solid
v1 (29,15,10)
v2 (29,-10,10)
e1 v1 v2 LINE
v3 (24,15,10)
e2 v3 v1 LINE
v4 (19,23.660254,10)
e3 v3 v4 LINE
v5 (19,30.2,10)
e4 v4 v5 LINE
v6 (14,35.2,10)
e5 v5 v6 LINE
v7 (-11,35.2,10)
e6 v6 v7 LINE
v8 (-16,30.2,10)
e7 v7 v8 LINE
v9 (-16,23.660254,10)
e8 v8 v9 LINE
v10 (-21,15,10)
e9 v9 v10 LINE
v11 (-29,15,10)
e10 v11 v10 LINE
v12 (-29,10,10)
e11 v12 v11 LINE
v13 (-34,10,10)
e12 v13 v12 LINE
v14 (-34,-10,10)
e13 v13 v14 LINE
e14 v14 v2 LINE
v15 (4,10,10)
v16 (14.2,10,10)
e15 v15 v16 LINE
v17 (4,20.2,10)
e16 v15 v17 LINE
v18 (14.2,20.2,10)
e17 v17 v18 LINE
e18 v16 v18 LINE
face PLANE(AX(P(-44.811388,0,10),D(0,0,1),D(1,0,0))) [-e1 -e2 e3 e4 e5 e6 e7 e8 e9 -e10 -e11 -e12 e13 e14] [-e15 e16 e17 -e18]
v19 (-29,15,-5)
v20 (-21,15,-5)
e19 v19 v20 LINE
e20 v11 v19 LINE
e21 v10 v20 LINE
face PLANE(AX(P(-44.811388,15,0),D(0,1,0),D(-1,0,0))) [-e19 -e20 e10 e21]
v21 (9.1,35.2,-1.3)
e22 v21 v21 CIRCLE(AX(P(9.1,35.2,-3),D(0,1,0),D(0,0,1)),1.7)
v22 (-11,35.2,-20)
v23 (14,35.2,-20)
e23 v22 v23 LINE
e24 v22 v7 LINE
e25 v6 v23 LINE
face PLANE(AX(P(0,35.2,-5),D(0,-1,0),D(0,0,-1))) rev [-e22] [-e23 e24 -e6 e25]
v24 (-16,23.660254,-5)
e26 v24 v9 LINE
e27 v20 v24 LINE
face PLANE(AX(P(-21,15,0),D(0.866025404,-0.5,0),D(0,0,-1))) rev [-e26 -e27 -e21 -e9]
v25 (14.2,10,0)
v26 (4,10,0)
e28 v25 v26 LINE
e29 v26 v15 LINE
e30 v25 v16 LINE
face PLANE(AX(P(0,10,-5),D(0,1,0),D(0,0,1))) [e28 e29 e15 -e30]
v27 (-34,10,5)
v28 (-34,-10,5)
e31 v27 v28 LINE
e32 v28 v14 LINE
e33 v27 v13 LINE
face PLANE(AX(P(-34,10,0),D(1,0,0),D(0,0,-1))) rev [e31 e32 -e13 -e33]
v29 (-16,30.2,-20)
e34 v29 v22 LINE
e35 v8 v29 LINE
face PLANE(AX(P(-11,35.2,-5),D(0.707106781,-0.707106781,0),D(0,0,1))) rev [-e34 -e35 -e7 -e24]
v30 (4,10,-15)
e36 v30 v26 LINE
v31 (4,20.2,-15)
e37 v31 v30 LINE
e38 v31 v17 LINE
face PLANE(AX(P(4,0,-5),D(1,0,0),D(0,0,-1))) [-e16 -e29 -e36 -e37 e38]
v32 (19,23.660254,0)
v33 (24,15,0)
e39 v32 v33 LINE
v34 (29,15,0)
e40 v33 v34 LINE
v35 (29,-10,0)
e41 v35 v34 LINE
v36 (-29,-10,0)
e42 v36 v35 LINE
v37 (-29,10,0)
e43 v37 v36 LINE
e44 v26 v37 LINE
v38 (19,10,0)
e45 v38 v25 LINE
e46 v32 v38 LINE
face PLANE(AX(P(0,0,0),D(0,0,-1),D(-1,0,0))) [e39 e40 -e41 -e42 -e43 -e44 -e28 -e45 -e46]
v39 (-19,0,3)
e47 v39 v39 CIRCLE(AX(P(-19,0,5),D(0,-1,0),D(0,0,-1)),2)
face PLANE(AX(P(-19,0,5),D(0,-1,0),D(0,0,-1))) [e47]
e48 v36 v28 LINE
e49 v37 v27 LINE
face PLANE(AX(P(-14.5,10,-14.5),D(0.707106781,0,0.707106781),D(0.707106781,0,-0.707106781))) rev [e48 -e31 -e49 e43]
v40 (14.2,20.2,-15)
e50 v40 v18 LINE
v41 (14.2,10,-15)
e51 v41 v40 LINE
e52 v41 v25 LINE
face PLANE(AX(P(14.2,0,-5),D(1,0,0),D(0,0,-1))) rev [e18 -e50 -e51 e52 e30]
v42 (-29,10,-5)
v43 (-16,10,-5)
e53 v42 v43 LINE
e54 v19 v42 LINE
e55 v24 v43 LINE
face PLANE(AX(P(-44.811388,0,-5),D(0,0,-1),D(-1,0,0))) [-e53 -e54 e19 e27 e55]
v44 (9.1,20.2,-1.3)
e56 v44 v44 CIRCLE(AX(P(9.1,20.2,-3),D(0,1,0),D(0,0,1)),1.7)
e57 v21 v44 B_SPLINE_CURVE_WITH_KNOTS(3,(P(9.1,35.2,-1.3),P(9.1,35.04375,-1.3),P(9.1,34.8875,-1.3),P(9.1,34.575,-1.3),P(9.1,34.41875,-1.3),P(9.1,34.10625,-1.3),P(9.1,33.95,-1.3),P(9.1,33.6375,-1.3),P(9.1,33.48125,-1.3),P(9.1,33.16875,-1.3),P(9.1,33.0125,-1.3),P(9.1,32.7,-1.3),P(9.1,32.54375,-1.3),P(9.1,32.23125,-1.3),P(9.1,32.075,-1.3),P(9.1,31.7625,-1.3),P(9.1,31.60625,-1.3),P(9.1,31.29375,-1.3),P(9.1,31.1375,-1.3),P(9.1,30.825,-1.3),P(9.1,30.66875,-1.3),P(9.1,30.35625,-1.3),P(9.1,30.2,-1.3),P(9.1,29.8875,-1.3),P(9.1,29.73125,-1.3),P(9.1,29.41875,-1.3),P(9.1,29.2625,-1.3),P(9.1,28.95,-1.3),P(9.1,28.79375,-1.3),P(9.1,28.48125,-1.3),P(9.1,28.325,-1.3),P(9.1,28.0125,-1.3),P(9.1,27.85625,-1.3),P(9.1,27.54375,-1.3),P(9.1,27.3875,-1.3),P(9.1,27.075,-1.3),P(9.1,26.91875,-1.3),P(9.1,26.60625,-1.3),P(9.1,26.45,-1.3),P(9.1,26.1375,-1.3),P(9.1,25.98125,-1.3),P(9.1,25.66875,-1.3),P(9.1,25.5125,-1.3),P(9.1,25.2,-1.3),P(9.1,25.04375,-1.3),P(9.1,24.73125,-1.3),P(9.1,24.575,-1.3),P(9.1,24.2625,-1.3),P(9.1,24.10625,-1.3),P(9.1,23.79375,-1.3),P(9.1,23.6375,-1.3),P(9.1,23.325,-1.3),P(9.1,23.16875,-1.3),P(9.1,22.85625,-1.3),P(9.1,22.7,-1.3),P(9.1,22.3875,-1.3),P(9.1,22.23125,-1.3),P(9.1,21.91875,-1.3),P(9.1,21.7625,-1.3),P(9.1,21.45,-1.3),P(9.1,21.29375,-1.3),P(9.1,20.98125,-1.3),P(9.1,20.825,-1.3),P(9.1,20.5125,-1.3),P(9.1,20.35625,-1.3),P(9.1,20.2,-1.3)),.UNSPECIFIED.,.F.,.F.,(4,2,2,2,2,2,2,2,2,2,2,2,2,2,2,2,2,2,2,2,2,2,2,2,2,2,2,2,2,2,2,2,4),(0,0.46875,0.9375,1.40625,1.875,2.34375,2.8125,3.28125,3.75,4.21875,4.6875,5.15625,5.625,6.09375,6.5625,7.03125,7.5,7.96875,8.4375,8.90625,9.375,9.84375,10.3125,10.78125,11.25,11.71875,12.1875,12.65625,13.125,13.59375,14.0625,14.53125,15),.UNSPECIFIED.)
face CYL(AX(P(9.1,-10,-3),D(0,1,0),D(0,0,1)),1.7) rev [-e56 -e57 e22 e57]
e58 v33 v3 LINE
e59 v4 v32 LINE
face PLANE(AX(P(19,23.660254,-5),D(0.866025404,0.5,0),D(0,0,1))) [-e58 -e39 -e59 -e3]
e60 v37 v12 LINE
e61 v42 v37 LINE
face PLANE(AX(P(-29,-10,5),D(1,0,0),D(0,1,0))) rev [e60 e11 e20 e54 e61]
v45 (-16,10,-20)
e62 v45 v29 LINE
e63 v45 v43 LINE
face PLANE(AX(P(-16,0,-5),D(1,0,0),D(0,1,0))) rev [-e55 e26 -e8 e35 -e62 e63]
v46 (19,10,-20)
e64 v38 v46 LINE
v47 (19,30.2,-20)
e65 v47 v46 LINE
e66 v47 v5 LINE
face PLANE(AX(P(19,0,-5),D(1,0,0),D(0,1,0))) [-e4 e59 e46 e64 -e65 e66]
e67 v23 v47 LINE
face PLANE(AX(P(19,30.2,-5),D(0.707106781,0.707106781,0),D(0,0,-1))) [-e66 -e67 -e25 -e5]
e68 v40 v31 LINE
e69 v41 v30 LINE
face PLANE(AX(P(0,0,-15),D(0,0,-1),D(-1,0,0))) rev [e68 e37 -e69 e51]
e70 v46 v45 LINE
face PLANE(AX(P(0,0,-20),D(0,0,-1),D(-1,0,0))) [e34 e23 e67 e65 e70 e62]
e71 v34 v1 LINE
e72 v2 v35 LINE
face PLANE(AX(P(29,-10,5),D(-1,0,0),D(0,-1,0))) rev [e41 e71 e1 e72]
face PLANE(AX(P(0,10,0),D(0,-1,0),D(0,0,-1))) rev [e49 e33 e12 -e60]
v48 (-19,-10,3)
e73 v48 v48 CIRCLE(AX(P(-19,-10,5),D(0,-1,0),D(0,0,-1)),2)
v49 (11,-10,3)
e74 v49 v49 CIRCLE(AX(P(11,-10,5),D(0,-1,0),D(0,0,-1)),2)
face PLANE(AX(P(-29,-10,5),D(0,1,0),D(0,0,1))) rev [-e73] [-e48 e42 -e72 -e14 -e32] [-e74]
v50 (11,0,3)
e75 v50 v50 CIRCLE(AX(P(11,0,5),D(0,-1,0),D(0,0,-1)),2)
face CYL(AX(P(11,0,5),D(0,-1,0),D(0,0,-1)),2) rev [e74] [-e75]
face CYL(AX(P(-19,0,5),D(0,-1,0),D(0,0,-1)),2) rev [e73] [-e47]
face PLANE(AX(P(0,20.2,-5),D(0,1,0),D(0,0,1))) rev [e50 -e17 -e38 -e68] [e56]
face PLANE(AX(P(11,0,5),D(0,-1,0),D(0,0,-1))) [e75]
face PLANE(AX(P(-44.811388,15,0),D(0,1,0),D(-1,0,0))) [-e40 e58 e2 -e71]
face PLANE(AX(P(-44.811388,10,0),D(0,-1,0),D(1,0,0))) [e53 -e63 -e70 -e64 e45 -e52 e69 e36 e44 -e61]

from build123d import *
from OCP.BRepFilletAPI import BRepFilletAPI_MakeChamfer

# Parameters (mm, degrees)
SZKIC1_W                        = 58
SZKIC1_H                        = 20
DODANIE_WYCI_GNI_CIE1_DEPTH     = 5
SZKIC2_W                        = 15
SZKIC2_H                        = 5
DODANIE_WYCI_GNI_CIE2_DEPTH     = 58
DODANIE_WYCI_GNI_CIE3_DEPTH     = 20
DODANIE_WYCI_GNI_CIE4_DEPTH     = 10
WYTNIJ_WYCI_GNI_CIE2_DEPTH      = 50.950375374
WYTNIJ_WYCI_GNI_CIE2_DEPTH_BACK = 50.950375374
SZKIC6_W                        = 58
SZKIC6_H                        = 5
DODANIE_WYCI_GNI_CIE5_DEPTH     = 20
SZKIC7_R                        = 2
WYTNIJ_WYCI_GNI_CIE3_DEPTH      = 10
DODANIE_WYCI_GNI_CIE8_DEPTH     = 10
SZKIC11_W                       = 10.2
SZKIC11_H                       = 10.2
DODANIE_WYCI_GNI_CIE9_DEPTH     = 5
SFAZOWANIE2_SIZE                = 5
SZKIC12_W                       = 10
SZKIC12_H                       = 20
WYTNIJ_WYCI_GNI_CIE4_DEPTH      = 10
SZKIC13_R                       = 1.7
WYTNIJ_WYCI_GNI_CIE5_DEPTH      = 60.991999467
DODANIE_WYCI_GNI_CIE11_DEPTH    = 5
SFAZOWANIE6_SIZE                = 5
SFAZOWANIE6_SIZE2               = 8.660254038


with BuildPart() as part:
    # Szkic1 → Dodanie-wyciągnięcie1 (new body)
    with BuildSketch(Plane.XY):
        Rectangle(SZKIC1_W, SZKIC1_H)
    extrude(amount=DODANIE_WYCI_GNI_CIE1_DEPTH)

    # Szkic2 → Dodanie-wyciągnięcie2 (add)
    with BuildSketch(Plane(origin=(29, 0, 0), x_dir=(0, 0, -1), z_dir=(1, 0, 0))):
        with Locations((-2.5, 12.5)):
            Rectangle(SZKIC2_W, SZKIC2_H)
    extrude(amount=-DODANIE_WYCI_GNI_CIE2_DEPTH)

    # Szkic3 → Dodanie-wyciągnięcie3 (add)
    with BuildSketch(Plane.XZ.offset(10)):
        Polygon((-34, 5), (-29, 0), (-29, 5), (-24, 5), (-29, 10), (-34, 10), align=None)
    extrude(amount=-DODANIE_WYCI_GNI_CIE3_DEPTH)

    # Szkic5 → Dodanie-wyciągnięcie4 (add)
    with BuildSketch(Plane.XY.offset(5)):
        Polygon((14.2, 20.2), (14.2, 10), (19, 10), (19, 35.2), (-16, 35.2), (-16, 10), (4, 10), (4, 20.2), align=None)
    extrude(amount=-DODANIE_WYCI_GNI_CIE4_DEPTH)

    # Szkic5<3> → Wytnij-wyciągnięcie2 (cut, two sides: drawn at the far end of the back side and taken through both)
    with BuildSketch(Plane.XY.offset(5).offset(-WYTNIJ_WYCI_GNI_CIE2_DEPTH_BACK)):
        Polygon((4, 10), (14.2, 10), (14.2, 15), (14.2, 20.2), (4, 20.2), (4, 15), align=None)
    extrude(amount=WYTNIJ_WYCI_GNI_CIE2_DEPTH + WYTNIJ_WYCI_GNI_CIE2_DEPTH_BACK, mode=Mode.SUBTRACT)

    # Szkic6 → Dodanie-wyciągnięcie5 (add)
    with BuildSketch(Plane(origin=(0, 10, 0), x_dir=(1, 0, 0), z_dir=(0, 1, 0))):
        with Locations((0, -7.5)):
            Rectangle(SZKIC6_W, SZKIC6_H)
    extrude(amount=-DODANIE_WYCI_GNI_CIE5_DEPTH)

    # Szkic7 → Wytnij-wyciągnięcie3 (cut)
    with BuildSketch(Plane.XZ.offset(10)):
        with Locations(Location((-19, 5, 0), (0, 0, 270))):
            Circle(SZKIC7_R)
        with Locations(Location((11, 5, 0), (0, 0, 270))):
            Circle(SZKIC7_R)
    extrude(amount=-WYTNIJ_WYCI_GNI_CIE3_DEPTH, mode=Mode.SUBTRACT)

    # Szkic10 → Dodanie-wyciągnięcie8 (add)
    with BuildSketch(Plane(origin=(0, 0, -5), x_dir=(-1, 0, 0), z_dir=(0, 0, -1))):
        Polygon((16, 10), (16, 15), (16, 35.2), (-19, 35.2), (-19, 15), (-29, 15), (-29, 10), (-14.2, 10), (-14.2, 20.2), (-4, 20.2), (-4, 10), align=None)
    extrude(amount=DODANIE_WYCI_GNI_CIE8_DEPTH)

    # Szkic11 → Dodanie-wyciągnięcie9 (add)
    with BuildSketch(Plane(origin=(0, 0, -15), x_dir=(-1, 0, 0), z_dir=(0, 0, -1))):
        with Locations((-9.1, 15.1)):
            Rectangle(SZKIC11_W, SZKIC11_H)
        Polygon((-29, 10), (-14.2, 10), (-14.2, 20.2), (-4, 20.2), (-4, 10), (16, 10), (16, 35.2), (-19, 35.2), (-19, 15), (-29, 15), align=None)
    extrude(amount=DODANIE_WYCI_GNI_CIE9_DEPTH)

    # Sfazowanie2
    sfazowanie2_edges = [part.edges().sort_by_distance(p)[0] for p in [
        (-16, 35.2, -7.5),
        (19, 35.2, -7.5),
    ]]
    chamfer(sfazowanie2_edges, length=SFAZOWANIE2_SIZE)

    # Szkic12 → Wytnij-wyciągnięcie4 (cut)
    with BuildSketch(Plane.XZ.offset(-10)):
        with Locations((24, -10)):
            Rectangle(SZKIC12_W, SZKIC12_H)
    extrude(amount=-WYTNIJ_WYCI_GNI_CIE4_DEPTH, mode=Mode.SUBTRACT)

    # Szkic13 → Wytnij-wyciągnięcie5 (cut, through all)
    with BuildSketch(Plane(origin=(0, 35.2, 0), x_dir=(1, 0, 0), z_dir=(0, 1, 0))):
        with Locations(Location((9.1, 3, 0), (0, 0, 270))):
            Circle(SZKIC13_R)
    extrude(amount=-WYTNIJ_WYCI_GNI_CIE5_DEPTH, mode=Mode.SUBTRACT)

    # Szkic15 → Dodanie-wyciągnięcie11 (add)
    with BuildSketch(Plane.XY.offset(5)):
        Polygon((19, 15), (19, 30.2), (14, 35.2), (-11, 35.2), (-16, 30.2), (-16, 15), (4, 15), (4, 20.2), (14.2, 20.2), (14.2, 15), align=None)
    extrude(amount=DODANIE_WYCI_GNI_CIE11_DEPTH)

    # Sfazowanie6: one chamfer whose edges measure the first distance from different faces: ONE call of the kernel's chamfer builder (chamfer() names one face for all edges)
    sfazowanie6_edges_1 = [part.edges().sort_by_distance(p)[0] for p in [
        (-16, 15, 2.5),
    ]]
    sfazowanie6_side_1 = [part.faces().sort_by_distance(p)[0] for p in [
        (-22.5, 15, 2.5),
    ]]
    sfazowanie6_edges_2 = [part.edges().sort_by_distance(p)[0] for p in [
        (19, 15, 5),
    ]]
    sfazowanie6_side_2 = [part.faces().sort_by_distance(p)[0] for p in [
        (24, 15, 5),
    ]]
    sfazowanie6 = BRepFilletAPI_MakeChamfer(part.part.solid().wrapped)
    for e in sfazowanie6_edges_1:
        sfazowanie6.Add(SFAZOWANIE6_SIZE, SFAZOWANIE6_SIZE2, e.wrapped, sfazowanie6_side_1[0].wrapped)  # the first distance lies on this face
    for e in sfazowanie6_edges_2:
        sfazowanie6.Add(SFAZOWANIE6_SIZE, SFAZOWANIE6_SIZE2, e.wrapped, sfazowanie6_side_2[0].wrapped)  # the first distance lies on this face
    add(Compound.cast(sfazowanie6.Shape()), mode=Mode.REPLACE)


solid = part.part
